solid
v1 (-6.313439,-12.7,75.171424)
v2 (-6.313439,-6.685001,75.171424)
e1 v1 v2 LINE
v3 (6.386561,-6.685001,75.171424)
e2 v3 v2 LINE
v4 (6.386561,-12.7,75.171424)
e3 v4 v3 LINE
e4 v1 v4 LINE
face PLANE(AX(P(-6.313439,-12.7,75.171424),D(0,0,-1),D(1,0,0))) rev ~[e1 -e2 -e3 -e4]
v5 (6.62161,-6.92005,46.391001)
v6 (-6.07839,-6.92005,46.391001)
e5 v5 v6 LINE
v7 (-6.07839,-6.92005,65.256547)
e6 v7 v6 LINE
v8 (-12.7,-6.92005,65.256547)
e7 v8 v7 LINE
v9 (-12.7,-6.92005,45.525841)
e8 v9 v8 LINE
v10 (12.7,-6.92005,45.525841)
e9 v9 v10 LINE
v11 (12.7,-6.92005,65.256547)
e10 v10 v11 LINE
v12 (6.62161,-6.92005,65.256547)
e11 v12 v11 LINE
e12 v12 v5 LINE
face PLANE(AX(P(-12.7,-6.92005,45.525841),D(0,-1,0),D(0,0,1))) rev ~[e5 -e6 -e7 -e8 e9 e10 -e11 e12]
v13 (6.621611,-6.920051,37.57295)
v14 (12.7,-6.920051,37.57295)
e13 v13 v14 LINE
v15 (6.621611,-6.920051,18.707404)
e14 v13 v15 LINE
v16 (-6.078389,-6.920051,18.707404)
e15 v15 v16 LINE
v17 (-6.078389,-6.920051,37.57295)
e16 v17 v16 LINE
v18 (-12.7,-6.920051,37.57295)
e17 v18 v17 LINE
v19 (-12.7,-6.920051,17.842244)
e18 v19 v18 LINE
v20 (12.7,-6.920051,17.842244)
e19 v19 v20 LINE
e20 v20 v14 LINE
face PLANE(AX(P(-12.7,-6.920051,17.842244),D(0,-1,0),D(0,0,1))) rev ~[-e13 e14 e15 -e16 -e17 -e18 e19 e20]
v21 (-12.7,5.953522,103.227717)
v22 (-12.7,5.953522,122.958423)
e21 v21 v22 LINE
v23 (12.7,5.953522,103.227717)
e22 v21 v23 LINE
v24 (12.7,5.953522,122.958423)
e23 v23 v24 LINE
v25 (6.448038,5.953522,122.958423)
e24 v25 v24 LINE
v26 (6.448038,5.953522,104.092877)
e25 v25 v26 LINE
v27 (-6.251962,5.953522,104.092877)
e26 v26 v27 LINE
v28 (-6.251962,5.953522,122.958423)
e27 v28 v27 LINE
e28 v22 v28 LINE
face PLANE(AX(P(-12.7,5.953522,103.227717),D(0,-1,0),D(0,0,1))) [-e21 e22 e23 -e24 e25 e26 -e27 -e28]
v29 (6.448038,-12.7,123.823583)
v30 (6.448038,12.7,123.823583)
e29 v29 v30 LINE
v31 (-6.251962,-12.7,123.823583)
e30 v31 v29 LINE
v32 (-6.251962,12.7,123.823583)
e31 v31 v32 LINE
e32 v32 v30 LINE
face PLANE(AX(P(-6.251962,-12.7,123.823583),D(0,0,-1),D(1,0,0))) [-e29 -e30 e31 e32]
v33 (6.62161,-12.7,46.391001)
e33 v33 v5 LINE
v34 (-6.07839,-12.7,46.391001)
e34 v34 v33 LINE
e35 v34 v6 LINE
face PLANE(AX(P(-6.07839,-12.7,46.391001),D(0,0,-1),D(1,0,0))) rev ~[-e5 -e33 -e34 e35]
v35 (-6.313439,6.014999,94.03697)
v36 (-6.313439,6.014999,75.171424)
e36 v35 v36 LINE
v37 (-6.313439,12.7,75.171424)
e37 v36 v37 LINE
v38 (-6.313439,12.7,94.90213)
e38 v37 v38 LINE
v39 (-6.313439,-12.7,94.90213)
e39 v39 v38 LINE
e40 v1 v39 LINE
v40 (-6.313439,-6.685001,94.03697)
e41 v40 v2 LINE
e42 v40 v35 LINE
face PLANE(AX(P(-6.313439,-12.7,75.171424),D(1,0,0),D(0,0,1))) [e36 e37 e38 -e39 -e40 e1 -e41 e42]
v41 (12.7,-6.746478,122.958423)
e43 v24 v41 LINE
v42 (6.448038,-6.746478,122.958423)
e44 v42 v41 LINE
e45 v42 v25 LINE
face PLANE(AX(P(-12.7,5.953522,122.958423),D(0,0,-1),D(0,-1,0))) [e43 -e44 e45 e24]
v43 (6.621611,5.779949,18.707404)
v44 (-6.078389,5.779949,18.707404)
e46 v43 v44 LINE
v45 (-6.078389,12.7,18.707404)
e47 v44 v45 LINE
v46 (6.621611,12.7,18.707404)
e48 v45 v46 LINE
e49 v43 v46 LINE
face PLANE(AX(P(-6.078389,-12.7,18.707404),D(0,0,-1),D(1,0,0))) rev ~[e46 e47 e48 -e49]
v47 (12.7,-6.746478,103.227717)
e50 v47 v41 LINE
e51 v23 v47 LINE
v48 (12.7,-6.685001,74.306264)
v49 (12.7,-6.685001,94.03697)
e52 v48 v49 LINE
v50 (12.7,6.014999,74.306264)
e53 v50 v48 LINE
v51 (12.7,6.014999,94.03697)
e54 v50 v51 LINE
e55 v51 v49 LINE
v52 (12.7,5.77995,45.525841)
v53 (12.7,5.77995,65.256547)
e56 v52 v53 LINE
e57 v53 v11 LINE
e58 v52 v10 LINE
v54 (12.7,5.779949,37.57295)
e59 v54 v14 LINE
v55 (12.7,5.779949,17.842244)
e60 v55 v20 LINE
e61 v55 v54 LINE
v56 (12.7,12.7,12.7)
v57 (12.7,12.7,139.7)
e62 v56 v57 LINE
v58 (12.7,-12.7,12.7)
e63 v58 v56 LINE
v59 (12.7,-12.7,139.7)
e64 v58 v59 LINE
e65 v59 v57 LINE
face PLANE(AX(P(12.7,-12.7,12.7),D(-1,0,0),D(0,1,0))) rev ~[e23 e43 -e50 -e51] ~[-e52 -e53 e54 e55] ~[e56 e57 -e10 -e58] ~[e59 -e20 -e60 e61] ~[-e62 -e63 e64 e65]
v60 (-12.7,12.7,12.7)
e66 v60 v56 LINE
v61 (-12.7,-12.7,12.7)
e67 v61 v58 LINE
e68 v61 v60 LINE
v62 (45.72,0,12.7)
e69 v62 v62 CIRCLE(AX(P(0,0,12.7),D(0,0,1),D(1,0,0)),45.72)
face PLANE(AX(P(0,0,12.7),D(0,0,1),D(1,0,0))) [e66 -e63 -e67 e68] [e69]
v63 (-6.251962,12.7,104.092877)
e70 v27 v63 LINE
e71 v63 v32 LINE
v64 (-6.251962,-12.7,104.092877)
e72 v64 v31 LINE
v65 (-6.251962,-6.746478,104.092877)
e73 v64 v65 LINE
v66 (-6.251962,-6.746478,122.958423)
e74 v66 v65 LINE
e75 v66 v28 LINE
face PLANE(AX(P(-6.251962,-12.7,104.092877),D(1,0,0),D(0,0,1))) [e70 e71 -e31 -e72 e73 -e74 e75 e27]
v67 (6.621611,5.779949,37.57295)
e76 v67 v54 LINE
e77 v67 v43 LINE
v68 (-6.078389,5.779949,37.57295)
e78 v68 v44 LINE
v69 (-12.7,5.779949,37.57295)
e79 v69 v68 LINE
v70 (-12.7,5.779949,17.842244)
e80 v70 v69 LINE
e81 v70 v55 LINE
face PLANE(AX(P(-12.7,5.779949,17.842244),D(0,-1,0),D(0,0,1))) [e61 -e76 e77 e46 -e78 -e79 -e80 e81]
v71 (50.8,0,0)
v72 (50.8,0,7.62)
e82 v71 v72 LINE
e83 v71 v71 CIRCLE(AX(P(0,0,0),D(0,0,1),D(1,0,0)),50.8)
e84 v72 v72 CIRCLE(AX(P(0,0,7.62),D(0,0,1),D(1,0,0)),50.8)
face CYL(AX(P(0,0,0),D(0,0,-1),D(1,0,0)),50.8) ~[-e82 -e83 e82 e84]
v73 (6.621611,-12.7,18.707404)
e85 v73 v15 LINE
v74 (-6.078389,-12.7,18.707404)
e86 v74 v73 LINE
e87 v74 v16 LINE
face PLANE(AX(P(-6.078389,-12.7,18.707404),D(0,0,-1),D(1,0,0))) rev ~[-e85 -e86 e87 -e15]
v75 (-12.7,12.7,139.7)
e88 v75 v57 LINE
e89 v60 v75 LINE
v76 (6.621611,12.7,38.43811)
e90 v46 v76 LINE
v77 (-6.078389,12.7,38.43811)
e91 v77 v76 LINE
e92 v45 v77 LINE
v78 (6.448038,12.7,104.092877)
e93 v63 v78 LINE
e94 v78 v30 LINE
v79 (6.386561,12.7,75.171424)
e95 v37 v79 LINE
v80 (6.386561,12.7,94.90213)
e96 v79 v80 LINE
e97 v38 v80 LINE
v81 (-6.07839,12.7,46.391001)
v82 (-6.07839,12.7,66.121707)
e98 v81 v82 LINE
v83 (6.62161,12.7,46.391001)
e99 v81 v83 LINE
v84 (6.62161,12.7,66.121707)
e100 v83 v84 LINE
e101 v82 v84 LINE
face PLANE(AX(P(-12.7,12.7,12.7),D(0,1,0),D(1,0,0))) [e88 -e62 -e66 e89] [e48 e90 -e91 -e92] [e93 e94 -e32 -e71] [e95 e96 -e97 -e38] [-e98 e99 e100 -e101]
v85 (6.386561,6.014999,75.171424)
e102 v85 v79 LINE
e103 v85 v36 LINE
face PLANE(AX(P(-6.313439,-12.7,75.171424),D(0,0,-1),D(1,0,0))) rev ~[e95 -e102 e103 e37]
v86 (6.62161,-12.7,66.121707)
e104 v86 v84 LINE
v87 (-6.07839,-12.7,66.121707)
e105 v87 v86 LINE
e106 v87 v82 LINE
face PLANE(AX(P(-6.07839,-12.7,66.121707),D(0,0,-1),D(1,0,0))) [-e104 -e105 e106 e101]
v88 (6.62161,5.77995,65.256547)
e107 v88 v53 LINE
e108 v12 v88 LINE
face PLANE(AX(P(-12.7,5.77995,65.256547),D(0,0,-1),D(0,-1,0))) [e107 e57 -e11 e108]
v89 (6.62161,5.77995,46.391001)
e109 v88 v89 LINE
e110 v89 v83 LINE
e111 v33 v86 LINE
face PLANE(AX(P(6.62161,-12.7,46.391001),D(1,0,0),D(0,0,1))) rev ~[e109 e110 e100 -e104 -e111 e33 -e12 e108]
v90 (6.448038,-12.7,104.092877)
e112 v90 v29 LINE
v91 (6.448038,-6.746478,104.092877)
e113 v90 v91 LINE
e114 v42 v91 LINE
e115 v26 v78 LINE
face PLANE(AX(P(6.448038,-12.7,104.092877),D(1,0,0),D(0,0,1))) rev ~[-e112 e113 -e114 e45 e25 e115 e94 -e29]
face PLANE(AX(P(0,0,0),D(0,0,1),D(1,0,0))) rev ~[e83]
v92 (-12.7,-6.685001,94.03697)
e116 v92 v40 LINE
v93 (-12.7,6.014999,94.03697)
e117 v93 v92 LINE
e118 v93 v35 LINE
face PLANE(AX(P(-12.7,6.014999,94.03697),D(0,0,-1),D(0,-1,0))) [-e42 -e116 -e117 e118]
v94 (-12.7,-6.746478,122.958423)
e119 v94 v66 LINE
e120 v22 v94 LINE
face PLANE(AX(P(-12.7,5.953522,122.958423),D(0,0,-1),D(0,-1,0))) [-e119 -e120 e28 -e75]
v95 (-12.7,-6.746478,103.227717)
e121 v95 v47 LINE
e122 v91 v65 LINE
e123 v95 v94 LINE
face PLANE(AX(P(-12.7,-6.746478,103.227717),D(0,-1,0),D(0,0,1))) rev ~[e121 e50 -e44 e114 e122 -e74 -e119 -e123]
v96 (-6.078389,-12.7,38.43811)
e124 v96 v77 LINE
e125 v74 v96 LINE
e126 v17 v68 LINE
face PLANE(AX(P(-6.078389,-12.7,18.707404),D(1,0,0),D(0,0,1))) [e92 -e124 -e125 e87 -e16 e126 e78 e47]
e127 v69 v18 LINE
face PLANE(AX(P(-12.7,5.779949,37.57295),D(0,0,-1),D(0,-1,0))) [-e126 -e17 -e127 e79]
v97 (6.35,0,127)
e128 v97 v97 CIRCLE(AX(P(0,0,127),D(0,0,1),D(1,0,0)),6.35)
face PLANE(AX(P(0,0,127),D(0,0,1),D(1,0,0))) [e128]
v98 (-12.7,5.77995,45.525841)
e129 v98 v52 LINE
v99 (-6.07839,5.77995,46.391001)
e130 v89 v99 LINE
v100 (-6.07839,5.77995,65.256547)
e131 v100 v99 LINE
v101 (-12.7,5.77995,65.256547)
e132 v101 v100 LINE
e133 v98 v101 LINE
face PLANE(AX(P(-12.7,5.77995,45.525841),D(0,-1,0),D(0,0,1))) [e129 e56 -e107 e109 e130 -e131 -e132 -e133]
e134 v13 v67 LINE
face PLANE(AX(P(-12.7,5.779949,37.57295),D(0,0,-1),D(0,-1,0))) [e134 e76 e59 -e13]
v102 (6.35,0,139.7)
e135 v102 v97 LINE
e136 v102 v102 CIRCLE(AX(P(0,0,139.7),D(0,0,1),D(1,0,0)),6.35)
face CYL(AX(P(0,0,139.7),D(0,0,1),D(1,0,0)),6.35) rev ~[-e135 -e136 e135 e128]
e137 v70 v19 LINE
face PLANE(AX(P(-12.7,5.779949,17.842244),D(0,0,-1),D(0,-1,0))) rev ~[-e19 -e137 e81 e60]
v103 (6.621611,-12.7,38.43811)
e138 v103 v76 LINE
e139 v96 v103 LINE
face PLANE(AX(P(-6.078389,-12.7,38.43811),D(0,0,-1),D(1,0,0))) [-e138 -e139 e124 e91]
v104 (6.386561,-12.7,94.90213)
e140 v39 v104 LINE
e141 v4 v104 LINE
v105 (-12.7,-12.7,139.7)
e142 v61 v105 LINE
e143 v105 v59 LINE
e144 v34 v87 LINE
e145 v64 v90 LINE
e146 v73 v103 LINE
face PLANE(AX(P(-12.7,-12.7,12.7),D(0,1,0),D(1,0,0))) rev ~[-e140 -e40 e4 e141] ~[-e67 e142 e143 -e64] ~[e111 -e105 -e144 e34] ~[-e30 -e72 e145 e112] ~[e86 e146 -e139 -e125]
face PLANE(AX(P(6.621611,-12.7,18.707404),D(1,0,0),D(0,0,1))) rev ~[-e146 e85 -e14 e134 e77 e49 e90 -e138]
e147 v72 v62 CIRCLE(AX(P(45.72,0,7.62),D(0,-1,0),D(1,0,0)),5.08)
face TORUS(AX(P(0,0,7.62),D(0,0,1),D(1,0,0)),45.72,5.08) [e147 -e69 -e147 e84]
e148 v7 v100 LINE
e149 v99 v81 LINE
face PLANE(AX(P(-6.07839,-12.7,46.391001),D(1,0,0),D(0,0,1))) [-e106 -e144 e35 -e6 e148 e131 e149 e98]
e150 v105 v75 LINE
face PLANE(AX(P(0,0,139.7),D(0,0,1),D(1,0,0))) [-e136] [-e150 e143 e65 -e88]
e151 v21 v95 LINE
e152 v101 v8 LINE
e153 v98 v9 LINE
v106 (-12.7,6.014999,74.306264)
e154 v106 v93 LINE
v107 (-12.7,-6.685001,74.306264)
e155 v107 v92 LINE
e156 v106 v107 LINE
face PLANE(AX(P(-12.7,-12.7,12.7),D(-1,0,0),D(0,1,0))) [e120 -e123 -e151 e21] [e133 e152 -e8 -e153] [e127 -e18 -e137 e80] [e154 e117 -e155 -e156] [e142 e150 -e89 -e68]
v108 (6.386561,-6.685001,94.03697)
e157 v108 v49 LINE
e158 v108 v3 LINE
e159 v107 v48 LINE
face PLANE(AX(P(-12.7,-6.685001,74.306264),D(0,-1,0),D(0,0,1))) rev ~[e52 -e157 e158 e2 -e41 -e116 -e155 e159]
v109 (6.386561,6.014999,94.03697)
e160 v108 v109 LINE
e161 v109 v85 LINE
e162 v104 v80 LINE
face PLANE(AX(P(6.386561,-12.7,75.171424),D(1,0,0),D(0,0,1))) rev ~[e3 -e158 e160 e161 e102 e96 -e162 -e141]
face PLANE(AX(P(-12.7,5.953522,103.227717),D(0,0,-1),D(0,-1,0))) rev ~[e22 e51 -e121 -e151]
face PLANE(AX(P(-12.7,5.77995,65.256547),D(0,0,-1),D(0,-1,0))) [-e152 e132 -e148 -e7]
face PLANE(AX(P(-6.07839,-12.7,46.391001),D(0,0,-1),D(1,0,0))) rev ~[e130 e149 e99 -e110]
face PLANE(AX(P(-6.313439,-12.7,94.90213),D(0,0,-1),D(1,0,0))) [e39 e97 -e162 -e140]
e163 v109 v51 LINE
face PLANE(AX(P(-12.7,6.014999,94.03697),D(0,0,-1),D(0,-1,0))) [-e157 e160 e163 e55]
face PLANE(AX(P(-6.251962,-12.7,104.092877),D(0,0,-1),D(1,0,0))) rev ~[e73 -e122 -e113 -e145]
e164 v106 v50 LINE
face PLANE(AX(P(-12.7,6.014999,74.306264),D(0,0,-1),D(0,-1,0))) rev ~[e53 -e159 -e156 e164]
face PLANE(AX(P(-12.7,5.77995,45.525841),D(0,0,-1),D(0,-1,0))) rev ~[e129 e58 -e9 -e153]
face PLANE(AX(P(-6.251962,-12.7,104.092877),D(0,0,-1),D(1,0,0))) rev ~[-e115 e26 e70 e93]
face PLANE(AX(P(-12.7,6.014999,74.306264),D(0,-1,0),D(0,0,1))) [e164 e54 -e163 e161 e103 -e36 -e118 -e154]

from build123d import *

# Parameters (mm, degrees)
F0_R     = 50.8
F1_DEPTH = 12.7
F2_W     = 25.4
F2_H     = 25.4
F3_DEPTH = 127
F4_W     = 12.7
F4_H     = 19.730706
F5_DEPTH = 25.4
F6_W     = 12.7
F6_H     = 19.730706
F7_DEPTH = 25.4
F8_R     = 6.35
F9_DEPTH = 12.7
F10_R    = 5.08


with BuildPart() as f1:
    # F0 (on Top) → F1 (new body)
    with BuildSketch(Plane.XY):
        Circle(F0_R)
    extrude(amount=F1_DEPTH)

    # F2 (on face) → F3 (join)
    with BuildSketch(Plane.XY.offset(12.7)):
        Rectangle(F2_W, F2_H)
    extrude(amount=F3_DEPTH)

    # F4 (on face) → F5 (cut)
    with BuildSketch(Plane.XZ.offset(12.7)):
        with Locations((0.098038, 113.95823)):
            Rectangle(F4_W, F4_H)
        with Locations((0.036561, 85.036777)):
            Rectangle(F4_W, F4_H)
        with Locations((0.27161, 56.256354)):
            Rectangle(F4_W, F4_H)
        with Locations((0.271611, 28.572757)):
            Rectangle(F4_W, F4_H)
    extrude(amount=-F5_DEPTH, mode=Mode.SUBTRACT)

    # F6 (on face) → F7 (cut)
    with BuildSketch(Plane(origin=(-12.7, 0, 0), x_dir=(0, -1, 0), z_dir=(-1, 0, 0))):
        with Locations((0.396478, 113.09307)):
            Rectangle(F6_W, F6_H)
        with Locations((0.335001, 84.171617)):
            Rectangle(F6_W, F6_H)
        with Locations((0.57005, 55.391194)):
            Rectangle(F6_W, F6_H)
        with Locations((0.570051, 27.707597)):
            Rectangle(F6_W, F6_H)
    extrude(amount=-F7_DEPTH, mode=Mode.SUBTRACT)

    # F8 (on face) → F9 (cut)
    with BuildSketch(Plane.XY.offset(139.7)):
        Circle(F8_R)
    extrude(amount=-F9_DEPTH, mode=Mode.SUBTRACT)

    # F10
    f10_edges = [f1.edges().sort_by_distance(p)[0] for p in [
        (-50.8, 0, 12.7),
    ]]
    fillet(f10_edges, radius=F10_R)


solid = f1.part
